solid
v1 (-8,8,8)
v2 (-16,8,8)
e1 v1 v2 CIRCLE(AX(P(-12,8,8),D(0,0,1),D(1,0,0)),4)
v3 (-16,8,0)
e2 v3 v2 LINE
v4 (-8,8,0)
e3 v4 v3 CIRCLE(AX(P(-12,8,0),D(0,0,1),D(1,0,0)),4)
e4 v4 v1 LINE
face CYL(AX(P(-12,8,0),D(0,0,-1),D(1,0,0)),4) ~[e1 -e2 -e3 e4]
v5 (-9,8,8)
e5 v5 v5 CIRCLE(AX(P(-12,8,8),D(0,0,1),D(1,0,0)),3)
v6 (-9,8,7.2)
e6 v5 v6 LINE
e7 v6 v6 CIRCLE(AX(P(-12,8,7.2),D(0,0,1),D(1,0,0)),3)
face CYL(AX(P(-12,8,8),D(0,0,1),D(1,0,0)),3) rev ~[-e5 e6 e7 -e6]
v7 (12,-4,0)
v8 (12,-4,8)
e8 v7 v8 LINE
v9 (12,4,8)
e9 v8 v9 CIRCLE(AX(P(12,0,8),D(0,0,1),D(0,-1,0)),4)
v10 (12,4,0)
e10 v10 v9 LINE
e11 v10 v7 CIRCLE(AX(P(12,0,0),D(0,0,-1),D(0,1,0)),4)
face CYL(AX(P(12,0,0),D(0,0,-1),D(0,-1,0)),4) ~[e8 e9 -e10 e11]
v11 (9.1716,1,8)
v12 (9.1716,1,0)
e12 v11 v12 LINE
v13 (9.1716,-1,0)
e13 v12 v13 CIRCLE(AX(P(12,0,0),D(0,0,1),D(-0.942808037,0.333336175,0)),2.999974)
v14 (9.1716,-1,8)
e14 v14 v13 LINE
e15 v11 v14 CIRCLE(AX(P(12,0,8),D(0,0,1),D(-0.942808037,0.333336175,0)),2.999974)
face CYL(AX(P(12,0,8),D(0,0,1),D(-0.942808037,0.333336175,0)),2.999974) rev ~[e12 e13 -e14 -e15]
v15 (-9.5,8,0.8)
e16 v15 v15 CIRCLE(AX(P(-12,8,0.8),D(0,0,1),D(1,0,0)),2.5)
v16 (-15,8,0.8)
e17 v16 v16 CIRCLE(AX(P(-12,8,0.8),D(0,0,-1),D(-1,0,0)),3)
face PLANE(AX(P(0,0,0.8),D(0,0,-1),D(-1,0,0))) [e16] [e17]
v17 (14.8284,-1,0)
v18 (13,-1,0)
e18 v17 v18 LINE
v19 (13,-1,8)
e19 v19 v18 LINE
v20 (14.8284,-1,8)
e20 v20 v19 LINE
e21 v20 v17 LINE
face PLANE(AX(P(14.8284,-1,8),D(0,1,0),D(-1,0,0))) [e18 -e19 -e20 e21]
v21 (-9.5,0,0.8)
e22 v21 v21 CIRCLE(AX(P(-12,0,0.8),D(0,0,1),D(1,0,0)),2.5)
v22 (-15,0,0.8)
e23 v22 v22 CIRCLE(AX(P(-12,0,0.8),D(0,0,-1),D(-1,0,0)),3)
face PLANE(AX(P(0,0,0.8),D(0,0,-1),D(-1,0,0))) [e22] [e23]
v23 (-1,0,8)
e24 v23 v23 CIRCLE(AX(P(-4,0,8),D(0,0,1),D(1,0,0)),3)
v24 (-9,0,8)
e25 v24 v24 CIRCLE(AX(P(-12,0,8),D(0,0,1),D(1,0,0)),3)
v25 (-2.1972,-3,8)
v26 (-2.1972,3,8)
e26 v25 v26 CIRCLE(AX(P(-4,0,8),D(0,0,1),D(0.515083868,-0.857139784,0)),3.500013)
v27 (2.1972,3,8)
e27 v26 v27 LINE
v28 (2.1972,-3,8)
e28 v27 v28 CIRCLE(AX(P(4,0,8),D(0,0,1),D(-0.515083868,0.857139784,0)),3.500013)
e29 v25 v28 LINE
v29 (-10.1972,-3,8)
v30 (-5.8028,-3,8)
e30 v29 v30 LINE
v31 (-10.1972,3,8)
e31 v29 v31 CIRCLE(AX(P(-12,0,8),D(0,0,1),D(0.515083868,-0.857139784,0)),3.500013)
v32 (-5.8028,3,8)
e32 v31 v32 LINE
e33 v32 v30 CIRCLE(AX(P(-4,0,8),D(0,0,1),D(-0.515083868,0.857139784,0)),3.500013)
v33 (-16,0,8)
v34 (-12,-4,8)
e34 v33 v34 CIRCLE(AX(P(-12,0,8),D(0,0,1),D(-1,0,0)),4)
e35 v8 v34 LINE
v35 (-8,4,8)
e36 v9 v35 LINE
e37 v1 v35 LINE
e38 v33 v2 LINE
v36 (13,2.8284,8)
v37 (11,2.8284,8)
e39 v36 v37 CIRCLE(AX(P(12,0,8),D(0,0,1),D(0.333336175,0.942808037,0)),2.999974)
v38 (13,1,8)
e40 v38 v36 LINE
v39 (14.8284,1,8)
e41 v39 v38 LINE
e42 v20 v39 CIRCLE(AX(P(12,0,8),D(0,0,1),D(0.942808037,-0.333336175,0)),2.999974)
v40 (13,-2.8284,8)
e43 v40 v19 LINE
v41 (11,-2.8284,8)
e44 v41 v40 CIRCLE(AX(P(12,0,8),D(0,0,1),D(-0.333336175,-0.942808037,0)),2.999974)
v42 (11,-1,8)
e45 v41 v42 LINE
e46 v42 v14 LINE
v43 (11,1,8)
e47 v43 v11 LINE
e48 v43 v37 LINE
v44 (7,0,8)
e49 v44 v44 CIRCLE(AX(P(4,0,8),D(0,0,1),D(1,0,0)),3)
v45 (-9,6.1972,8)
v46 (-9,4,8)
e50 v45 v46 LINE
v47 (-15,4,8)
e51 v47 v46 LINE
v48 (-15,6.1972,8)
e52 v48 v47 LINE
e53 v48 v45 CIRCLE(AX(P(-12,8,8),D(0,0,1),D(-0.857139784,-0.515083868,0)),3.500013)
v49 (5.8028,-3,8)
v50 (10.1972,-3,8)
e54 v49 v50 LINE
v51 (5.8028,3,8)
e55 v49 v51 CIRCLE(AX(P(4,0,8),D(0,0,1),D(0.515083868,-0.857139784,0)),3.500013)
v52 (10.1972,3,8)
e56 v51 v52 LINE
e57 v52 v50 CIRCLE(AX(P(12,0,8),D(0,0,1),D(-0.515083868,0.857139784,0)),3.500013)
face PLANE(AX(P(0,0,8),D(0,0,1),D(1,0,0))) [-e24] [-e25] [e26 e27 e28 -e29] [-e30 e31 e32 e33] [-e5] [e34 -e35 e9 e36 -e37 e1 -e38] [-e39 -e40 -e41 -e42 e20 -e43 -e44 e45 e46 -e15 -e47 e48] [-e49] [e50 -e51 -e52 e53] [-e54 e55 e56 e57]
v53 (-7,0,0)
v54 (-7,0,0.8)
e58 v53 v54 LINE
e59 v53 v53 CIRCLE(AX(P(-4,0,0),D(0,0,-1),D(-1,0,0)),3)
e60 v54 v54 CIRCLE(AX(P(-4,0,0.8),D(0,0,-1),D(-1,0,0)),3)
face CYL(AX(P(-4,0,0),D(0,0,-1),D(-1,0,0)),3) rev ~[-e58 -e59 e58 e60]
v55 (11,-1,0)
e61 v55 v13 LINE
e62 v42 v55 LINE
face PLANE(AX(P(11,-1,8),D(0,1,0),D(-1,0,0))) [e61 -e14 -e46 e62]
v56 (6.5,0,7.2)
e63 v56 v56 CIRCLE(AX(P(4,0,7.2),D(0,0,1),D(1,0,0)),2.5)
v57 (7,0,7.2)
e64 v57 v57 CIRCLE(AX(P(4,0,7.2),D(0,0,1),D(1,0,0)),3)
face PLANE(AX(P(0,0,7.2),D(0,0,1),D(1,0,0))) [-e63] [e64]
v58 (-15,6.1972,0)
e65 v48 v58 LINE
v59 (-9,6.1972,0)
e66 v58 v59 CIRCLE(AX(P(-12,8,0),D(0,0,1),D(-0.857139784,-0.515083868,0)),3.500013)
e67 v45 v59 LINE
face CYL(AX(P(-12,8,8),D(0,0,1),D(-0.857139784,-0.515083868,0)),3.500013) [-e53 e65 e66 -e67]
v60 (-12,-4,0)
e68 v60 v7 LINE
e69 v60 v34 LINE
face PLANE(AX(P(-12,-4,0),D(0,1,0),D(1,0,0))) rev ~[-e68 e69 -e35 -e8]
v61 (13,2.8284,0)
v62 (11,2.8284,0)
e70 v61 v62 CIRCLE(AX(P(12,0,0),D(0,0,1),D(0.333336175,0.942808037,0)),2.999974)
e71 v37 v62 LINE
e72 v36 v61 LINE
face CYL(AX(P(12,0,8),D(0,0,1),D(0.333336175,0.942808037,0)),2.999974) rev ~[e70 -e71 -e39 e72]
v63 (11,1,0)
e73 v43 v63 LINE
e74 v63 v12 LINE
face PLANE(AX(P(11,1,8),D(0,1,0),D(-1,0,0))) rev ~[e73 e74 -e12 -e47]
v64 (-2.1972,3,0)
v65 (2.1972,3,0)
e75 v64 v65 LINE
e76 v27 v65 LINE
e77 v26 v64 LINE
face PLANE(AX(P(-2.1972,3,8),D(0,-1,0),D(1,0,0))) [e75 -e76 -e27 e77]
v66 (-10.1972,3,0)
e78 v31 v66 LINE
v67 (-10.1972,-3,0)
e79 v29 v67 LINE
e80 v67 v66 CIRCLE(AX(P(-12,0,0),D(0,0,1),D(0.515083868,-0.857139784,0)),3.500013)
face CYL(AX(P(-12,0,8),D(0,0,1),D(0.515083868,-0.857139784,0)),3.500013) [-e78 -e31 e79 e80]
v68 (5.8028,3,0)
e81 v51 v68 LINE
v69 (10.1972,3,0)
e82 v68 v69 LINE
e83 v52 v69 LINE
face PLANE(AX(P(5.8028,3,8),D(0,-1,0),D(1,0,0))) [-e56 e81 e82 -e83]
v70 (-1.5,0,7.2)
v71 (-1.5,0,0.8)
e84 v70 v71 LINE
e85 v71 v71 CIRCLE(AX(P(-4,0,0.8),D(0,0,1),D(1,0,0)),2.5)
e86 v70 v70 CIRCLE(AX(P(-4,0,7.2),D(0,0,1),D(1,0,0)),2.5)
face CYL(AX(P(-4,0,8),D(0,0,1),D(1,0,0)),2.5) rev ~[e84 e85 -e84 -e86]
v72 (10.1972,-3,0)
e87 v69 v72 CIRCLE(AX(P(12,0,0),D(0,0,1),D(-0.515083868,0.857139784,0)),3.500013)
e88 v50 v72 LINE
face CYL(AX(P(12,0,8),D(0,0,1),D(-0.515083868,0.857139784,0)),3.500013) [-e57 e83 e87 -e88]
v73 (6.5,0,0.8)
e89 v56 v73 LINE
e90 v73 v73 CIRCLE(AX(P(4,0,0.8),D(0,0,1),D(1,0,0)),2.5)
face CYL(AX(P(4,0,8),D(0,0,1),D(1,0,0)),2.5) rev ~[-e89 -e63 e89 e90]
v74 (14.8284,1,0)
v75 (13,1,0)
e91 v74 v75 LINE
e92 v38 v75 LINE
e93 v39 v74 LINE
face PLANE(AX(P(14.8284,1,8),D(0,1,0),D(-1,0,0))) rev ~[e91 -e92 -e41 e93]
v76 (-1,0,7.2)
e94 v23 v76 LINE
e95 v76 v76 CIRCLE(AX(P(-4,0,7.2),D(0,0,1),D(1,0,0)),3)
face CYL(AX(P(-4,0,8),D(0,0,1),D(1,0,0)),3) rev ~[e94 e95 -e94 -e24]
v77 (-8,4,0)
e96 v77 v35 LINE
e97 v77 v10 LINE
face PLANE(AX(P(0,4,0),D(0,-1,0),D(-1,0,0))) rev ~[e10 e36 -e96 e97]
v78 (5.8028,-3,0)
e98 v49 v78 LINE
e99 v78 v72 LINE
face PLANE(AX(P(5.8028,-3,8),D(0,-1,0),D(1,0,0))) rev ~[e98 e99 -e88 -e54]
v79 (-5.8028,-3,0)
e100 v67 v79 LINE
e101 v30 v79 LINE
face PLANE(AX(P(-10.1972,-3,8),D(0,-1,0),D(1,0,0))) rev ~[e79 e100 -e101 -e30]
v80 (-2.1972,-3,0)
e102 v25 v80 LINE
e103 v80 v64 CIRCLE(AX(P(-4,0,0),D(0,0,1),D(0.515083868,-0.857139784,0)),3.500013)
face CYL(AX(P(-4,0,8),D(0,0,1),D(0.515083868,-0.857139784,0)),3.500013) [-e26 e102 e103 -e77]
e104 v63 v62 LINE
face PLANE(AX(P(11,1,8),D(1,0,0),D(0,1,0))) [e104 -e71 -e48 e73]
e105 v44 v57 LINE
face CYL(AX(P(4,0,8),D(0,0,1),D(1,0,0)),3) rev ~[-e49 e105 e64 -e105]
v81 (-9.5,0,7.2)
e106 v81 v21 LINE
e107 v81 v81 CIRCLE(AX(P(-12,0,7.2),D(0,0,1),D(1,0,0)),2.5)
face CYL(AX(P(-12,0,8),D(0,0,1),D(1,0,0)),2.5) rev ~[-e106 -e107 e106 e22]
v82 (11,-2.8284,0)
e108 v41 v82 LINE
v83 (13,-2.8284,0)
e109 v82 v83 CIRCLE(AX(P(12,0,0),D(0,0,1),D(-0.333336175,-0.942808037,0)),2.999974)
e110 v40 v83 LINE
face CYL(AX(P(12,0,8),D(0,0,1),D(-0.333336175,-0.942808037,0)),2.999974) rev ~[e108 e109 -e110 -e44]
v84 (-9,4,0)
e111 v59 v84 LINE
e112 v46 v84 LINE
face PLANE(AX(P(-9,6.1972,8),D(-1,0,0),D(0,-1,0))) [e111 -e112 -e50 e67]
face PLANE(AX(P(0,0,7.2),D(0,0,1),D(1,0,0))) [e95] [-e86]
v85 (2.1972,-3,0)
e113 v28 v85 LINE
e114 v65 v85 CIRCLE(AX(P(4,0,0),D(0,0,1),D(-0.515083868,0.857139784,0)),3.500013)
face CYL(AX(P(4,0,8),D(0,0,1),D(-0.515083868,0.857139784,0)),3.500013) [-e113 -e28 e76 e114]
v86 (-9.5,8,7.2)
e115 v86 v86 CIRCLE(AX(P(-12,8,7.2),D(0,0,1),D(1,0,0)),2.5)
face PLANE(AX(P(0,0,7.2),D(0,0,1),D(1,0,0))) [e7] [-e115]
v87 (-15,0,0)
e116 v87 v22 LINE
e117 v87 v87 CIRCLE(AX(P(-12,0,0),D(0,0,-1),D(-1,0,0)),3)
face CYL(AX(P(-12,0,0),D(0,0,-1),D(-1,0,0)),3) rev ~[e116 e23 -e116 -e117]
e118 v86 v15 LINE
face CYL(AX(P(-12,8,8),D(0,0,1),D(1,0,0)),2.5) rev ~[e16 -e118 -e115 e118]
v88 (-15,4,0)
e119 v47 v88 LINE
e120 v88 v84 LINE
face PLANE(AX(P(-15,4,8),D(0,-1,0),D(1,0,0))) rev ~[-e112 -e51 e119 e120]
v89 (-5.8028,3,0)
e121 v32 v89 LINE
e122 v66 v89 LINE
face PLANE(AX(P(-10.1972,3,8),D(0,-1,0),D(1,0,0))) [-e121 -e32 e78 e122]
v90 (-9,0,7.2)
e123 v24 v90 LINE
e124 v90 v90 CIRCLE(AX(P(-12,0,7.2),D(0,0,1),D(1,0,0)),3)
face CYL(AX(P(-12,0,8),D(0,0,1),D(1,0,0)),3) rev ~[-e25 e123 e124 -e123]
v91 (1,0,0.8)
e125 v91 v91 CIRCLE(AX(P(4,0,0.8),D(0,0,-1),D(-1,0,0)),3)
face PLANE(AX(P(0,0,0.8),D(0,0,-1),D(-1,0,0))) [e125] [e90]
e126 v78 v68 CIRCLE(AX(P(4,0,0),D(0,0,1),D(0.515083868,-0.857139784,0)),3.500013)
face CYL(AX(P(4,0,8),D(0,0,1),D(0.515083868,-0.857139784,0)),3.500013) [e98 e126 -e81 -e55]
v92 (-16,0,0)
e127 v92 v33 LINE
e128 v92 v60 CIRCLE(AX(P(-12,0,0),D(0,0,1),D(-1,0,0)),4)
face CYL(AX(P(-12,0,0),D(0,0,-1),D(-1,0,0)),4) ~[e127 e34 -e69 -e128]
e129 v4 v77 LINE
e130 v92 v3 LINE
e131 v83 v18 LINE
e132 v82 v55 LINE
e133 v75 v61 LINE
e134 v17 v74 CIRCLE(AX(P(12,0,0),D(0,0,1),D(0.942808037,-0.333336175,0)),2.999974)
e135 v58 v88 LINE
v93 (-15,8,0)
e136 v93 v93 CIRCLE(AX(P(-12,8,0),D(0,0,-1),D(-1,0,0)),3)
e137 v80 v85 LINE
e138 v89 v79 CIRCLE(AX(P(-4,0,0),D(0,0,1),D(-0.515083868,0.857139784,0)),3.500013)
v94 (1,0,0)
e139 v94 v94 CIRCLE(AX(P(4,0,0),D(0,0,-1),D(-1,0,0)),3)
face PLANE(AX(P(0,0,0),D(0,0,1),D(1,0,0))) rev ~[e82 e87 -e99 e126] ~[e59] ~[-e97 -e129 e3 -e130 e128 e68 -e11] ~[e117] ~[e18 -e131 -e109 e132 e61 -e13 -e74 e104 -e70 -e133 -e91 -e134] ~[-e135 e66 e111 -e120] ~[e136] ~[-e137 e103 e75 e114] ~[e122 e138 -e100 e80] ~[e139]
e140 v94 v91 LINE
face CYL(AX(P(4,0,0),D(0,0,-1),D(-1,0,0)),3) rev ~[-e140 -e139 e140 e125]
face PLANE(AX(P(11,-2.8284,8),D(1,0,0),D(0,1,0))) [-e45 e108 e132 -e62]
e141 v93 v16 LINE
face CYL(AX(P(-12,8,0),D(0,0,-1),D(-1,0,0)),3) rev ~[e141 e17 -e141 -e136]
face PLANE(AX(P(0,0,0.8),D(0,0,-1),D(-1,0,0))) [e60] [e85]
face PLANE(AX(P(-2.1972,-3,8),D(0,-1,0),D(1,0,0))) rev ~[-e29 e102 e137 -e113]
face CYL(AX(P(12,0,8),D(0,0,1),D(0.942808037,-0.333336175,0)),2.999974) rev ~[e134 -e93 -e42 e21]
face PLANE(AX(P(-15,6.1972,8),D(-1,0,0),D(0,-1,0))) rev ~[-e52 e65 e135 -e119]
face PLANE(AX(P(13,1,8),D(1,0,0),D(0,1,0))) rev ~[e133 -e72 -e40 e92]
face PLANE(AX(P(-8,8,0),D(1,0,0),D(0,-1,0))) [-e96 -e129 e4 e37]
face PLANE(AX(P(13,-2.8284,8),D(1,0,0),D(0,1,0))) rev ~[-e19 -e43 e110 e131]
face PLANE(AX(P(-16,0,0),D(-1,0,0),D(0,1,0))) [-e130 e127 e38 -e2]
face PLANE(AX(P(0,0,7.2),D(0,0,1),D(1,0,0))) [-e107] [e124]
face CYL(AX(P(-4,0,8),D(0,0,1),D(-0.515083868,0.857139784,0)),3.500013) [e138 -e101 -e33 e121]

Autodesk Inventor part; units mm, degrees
ref_plane "YZ Plane" through (0, 0, 0) normal (1, 0, 0) x (0, 1, 0)
ref_plane "XZ Plane" through (0, 0, 0) normal (0, 1, 0) x (-1, 0, 0)
ref_plane "XY Plane" through (0, 0, 0) normal (0, 0, 1) x (1, 0, 0)
sketch "Sketch1" plane through (0, 0, 0) normal (0, 0, 1) x (1, 0, 0)
  arc A0 (-16, 0) -> (-12, -4) centre (-12, 0) ccw
  arc A1 (-8, 8) -> (-16, 8) centre (-12, 8) ccw
  line L0 (-16, 0) -> (-16, 8)
  line L1 (-8, 8) -> (-8, 4)
  arc A2 (12, -4) -> (12, 4) centre (12, 0) ccw
  line L2 (-12, -4) -> (12, -4)
  line L3 (12, 4) -> (-8, 4)
  line L4 (-23.3941, 0) -> (22.5657, 0) projected
  line L5 (0, -8.1941) -> (0, 15.3657) projected
  point P0 (0, 0)
  dimension "d3" = 4
  dimension "d4" = 4
  dimension "d5" = 4
  dimension "d6" = 24
  dimension "d7" = 8
  dimension "d10" = 0
  dimension "d12" = 90
  dimension "d14" = 4
  dimension "d15" = 4
  dimension "d16" = 12
  dimension "d123" = 12
extrude "Extrusion1" add sketch "Sketch1" along normal blind 8
sketch "Sketch13" plane through (0, 0, 8) normal (0, 0, 1) x (1, 0, 0)
  arc A0 (12, -4) -> (12, 4) centre (12, 0) ccw projected
  line L0 (-8, 8) -> (-8, 4) projected
  arc A1 (9.1716, 1) -> (9.1716, -1) centre (12, 0) ccw
  arc A2 (11, -2.8284) -> (13, -2.8284) centre (12, 0) ccw
  arc A3 (14.8284, -1) -> (14.8284, 1) centre (12, 0) ccw
  arc A4 (13, 2.8284) -> (11, 2.8284) centre (12, 0) ccw
  line L1 (14.8284, 1) -> (13, 1)
  line L2 (11, 1) -> (9.1716, 1)
  line L3 (11, -2.8284) -> (11, -1)
  line L4 (11, 1) -> (11, 2.8284)
  line L5 (14.8284, -1) -> (13, -1)
  line L6 (11, -1) -> (9.1716, -1)
  line L7 (13, -2.8284) -> (13, -1)
  line L8 (13, 1) -> (13, 2.8284)
  point P0 (0, 0)
  dimension "d125" = 3
  dimension "d126" = 3
  dimension "d127" = 3
  dimension "d128" = 3
  dimension "d129" = 2
  dimension "d130" = 2
  dimension "d131" = 2
  dimension "d132" = 2
  dimension "d133" = 1
  dimension "d134" = 1
  dimension "d135" = 1
  dimension "d136" = 1
extrude "Extrusion13" cut sketch "Sketch13" against normal through all
sketch "Sketch14" plane through (0, 0, 8) normal (0, 0, 1) x (1, 0, 0)
  arc A0 (-16, 0) -> (-12, -4) centre (-12, 0) ccw projected
  line L0 (-8, 4) -> (12, 4) projected
  arc A1 (-8, 8) -> (-16, 8) centre (-12, 8) ccw projected
  circle A2 centre (-12, 0) radius 2.5
  circle A3 centre (-12, 8) radius 2.5
  circle A4 centre (-4, 0) radius 2.5
  circle A5 centre (4, 0) radius 2.5
  point P0 (0, 0)
  dimension "d139" = 5
  dimension "d140" = 5
  dimension "d146" = 8
extrude "Extrusion14" cut sketch "Sketch14" against normal through all
sketch "Sketch15" plane through (0, 0, 8) normal (0, 0, 1) x (1, 0, 0)
  circle A0 centre (4, 0) radius 2.5 projected
  circle A1 centre (-4, 0) radius 2.5 projected
  circle A2 centre (-12, 8) radius 2.5 projected
  circle A3 centre (-12, 0) radius 2.5 projected
  arc A4 (-16, 0) -> (-12, -4) centre (-12, 0) ccw projected
  arc A5 (-8, 8) -> (-16, 8) centre (-12, 8) ccw projected
  circle A6 centre (-12, 0) radius 3
  circle A7 centre (-4, 0) radius 3
  circle A8 centre (4, 0) radius 3
  circle A9 centre (-12, 8) radius 3
  point P0 (0, 0)
  dimension "d150" = 6
  dimension "d151" = 6
  dimension "d152" = 6
  dimension "d153" = 6
extrude "Extrusion15" cut sketch "Sketch15" against normal blind 0.8
sketch "Sketch16" plane through (0, 0, 0) normal (0, 0, -1) x (-1, 0, 0)
  circle A0 centre (-4, 0) radius 2.5 projected
  circle A1 centre (4, 0) radius 2.5 projected
  circle A2 centre (12, 8) radius 2.5 projected
  circle A3 centre (12, 0) radius 2.5 projected
  arc A4 (12, -4) -> (16, 0) centre (12, 0) ccw projected
  arc A5 (16, 8) -> (8, 8) centre (12, 8) ccw projected
  circle A6 centre (12, 8) radius 3
  circle A7 centre (12, 0) radius 3
  circle A8 centre (4, 0) radius 3
  circle A9 centre (-4, 0) radius 3
  point P0 (0, 0)
  dimension "d156" = 6
  dimension "d157" = 6
  dimension "d158" = 6
  dimension "d159" = 6
extrude "Extrusion16" cut sketch "Sketch16" against normal blind 0.8
sketch "Sketch17" plane through (0, 0, 8) normal (0, 0, 1) x (1, 0, 0)
  circle A0 centre (-12, 8) radius 3 projected
  circle A1 centre (-4, 0) radius 3 projected
  circle A2 centre (-12, 0) radius 3 projected
  arc A3 (-16, 0) -> (-12, -4) centre (-12, 0) ccw projected
  line L0 (-8, 4) -> (12, 4) projected
  line L1 (-8, 8) -> (-8, 4) projected
  arc A4 (-8, 8) -> (-16, 8) centre (-12, 8) ccw projected
  arc A5 (-10.1972, -3) -> (-10.1972, 3) centre (-12, 0) ccw
  arc A6 (-5.8028, 3) -> (-5.8028, -3) centre (-4, 0) ccw
  arc A7 (-15, 6.1972) -> (-9, 6.1972) centre (-12, 8) ccw
  line L2 (-10.1972, 3) -> (-5.8028, 3)
  line L3 (-10.1972, -3) -> (-5.8028, -3)
  line L4 (-15, 6.1972) -> (-15, 4)
  line L5 (-9, 6.1972) -> (-9, 4)
  line L6 (-15, 4) -> (-9, 4)
  arc A8 (-2.1972, -3) -> (-2.1972, 3) centre (-4, 0) ccw
  arc A9 (2.1972, 3) -> (2.1972, -3) centre (4, 0) ccw
  line L7 (-2.1972, 3) -> (2.1972, 3)
  line L8 (-2.1972, -3) -> (2.1972, -3)
  arc A10 (5.8028, -3) -> (5.8028, 3) centre (4, 0) ccw
  arc A11 (10.1972, 3) -> (10.1972, -3) centre (12, 0) ccw
  line L9 (5.8028, 3) -> (10.1972, 3)
  line L10 (5.8028, -3) -> (10.1972, -3)
  point P0 (0, 0)
  dimension "d162" = 7
  dimension "d163" = 7
  dimension "d164" = 7
  dimension "d165" = 6
  dimension "d166" = 4
  dimension "d172" = 8
extrude "Extrusion17" cut sketch "Sketch17" against normal through all contours A5 L2 A6 L3 | A7 L5 L6 L4 | A8 L7 A9 L8 | A10 L9 A11 L10
properties part number "5MRA Beam"
